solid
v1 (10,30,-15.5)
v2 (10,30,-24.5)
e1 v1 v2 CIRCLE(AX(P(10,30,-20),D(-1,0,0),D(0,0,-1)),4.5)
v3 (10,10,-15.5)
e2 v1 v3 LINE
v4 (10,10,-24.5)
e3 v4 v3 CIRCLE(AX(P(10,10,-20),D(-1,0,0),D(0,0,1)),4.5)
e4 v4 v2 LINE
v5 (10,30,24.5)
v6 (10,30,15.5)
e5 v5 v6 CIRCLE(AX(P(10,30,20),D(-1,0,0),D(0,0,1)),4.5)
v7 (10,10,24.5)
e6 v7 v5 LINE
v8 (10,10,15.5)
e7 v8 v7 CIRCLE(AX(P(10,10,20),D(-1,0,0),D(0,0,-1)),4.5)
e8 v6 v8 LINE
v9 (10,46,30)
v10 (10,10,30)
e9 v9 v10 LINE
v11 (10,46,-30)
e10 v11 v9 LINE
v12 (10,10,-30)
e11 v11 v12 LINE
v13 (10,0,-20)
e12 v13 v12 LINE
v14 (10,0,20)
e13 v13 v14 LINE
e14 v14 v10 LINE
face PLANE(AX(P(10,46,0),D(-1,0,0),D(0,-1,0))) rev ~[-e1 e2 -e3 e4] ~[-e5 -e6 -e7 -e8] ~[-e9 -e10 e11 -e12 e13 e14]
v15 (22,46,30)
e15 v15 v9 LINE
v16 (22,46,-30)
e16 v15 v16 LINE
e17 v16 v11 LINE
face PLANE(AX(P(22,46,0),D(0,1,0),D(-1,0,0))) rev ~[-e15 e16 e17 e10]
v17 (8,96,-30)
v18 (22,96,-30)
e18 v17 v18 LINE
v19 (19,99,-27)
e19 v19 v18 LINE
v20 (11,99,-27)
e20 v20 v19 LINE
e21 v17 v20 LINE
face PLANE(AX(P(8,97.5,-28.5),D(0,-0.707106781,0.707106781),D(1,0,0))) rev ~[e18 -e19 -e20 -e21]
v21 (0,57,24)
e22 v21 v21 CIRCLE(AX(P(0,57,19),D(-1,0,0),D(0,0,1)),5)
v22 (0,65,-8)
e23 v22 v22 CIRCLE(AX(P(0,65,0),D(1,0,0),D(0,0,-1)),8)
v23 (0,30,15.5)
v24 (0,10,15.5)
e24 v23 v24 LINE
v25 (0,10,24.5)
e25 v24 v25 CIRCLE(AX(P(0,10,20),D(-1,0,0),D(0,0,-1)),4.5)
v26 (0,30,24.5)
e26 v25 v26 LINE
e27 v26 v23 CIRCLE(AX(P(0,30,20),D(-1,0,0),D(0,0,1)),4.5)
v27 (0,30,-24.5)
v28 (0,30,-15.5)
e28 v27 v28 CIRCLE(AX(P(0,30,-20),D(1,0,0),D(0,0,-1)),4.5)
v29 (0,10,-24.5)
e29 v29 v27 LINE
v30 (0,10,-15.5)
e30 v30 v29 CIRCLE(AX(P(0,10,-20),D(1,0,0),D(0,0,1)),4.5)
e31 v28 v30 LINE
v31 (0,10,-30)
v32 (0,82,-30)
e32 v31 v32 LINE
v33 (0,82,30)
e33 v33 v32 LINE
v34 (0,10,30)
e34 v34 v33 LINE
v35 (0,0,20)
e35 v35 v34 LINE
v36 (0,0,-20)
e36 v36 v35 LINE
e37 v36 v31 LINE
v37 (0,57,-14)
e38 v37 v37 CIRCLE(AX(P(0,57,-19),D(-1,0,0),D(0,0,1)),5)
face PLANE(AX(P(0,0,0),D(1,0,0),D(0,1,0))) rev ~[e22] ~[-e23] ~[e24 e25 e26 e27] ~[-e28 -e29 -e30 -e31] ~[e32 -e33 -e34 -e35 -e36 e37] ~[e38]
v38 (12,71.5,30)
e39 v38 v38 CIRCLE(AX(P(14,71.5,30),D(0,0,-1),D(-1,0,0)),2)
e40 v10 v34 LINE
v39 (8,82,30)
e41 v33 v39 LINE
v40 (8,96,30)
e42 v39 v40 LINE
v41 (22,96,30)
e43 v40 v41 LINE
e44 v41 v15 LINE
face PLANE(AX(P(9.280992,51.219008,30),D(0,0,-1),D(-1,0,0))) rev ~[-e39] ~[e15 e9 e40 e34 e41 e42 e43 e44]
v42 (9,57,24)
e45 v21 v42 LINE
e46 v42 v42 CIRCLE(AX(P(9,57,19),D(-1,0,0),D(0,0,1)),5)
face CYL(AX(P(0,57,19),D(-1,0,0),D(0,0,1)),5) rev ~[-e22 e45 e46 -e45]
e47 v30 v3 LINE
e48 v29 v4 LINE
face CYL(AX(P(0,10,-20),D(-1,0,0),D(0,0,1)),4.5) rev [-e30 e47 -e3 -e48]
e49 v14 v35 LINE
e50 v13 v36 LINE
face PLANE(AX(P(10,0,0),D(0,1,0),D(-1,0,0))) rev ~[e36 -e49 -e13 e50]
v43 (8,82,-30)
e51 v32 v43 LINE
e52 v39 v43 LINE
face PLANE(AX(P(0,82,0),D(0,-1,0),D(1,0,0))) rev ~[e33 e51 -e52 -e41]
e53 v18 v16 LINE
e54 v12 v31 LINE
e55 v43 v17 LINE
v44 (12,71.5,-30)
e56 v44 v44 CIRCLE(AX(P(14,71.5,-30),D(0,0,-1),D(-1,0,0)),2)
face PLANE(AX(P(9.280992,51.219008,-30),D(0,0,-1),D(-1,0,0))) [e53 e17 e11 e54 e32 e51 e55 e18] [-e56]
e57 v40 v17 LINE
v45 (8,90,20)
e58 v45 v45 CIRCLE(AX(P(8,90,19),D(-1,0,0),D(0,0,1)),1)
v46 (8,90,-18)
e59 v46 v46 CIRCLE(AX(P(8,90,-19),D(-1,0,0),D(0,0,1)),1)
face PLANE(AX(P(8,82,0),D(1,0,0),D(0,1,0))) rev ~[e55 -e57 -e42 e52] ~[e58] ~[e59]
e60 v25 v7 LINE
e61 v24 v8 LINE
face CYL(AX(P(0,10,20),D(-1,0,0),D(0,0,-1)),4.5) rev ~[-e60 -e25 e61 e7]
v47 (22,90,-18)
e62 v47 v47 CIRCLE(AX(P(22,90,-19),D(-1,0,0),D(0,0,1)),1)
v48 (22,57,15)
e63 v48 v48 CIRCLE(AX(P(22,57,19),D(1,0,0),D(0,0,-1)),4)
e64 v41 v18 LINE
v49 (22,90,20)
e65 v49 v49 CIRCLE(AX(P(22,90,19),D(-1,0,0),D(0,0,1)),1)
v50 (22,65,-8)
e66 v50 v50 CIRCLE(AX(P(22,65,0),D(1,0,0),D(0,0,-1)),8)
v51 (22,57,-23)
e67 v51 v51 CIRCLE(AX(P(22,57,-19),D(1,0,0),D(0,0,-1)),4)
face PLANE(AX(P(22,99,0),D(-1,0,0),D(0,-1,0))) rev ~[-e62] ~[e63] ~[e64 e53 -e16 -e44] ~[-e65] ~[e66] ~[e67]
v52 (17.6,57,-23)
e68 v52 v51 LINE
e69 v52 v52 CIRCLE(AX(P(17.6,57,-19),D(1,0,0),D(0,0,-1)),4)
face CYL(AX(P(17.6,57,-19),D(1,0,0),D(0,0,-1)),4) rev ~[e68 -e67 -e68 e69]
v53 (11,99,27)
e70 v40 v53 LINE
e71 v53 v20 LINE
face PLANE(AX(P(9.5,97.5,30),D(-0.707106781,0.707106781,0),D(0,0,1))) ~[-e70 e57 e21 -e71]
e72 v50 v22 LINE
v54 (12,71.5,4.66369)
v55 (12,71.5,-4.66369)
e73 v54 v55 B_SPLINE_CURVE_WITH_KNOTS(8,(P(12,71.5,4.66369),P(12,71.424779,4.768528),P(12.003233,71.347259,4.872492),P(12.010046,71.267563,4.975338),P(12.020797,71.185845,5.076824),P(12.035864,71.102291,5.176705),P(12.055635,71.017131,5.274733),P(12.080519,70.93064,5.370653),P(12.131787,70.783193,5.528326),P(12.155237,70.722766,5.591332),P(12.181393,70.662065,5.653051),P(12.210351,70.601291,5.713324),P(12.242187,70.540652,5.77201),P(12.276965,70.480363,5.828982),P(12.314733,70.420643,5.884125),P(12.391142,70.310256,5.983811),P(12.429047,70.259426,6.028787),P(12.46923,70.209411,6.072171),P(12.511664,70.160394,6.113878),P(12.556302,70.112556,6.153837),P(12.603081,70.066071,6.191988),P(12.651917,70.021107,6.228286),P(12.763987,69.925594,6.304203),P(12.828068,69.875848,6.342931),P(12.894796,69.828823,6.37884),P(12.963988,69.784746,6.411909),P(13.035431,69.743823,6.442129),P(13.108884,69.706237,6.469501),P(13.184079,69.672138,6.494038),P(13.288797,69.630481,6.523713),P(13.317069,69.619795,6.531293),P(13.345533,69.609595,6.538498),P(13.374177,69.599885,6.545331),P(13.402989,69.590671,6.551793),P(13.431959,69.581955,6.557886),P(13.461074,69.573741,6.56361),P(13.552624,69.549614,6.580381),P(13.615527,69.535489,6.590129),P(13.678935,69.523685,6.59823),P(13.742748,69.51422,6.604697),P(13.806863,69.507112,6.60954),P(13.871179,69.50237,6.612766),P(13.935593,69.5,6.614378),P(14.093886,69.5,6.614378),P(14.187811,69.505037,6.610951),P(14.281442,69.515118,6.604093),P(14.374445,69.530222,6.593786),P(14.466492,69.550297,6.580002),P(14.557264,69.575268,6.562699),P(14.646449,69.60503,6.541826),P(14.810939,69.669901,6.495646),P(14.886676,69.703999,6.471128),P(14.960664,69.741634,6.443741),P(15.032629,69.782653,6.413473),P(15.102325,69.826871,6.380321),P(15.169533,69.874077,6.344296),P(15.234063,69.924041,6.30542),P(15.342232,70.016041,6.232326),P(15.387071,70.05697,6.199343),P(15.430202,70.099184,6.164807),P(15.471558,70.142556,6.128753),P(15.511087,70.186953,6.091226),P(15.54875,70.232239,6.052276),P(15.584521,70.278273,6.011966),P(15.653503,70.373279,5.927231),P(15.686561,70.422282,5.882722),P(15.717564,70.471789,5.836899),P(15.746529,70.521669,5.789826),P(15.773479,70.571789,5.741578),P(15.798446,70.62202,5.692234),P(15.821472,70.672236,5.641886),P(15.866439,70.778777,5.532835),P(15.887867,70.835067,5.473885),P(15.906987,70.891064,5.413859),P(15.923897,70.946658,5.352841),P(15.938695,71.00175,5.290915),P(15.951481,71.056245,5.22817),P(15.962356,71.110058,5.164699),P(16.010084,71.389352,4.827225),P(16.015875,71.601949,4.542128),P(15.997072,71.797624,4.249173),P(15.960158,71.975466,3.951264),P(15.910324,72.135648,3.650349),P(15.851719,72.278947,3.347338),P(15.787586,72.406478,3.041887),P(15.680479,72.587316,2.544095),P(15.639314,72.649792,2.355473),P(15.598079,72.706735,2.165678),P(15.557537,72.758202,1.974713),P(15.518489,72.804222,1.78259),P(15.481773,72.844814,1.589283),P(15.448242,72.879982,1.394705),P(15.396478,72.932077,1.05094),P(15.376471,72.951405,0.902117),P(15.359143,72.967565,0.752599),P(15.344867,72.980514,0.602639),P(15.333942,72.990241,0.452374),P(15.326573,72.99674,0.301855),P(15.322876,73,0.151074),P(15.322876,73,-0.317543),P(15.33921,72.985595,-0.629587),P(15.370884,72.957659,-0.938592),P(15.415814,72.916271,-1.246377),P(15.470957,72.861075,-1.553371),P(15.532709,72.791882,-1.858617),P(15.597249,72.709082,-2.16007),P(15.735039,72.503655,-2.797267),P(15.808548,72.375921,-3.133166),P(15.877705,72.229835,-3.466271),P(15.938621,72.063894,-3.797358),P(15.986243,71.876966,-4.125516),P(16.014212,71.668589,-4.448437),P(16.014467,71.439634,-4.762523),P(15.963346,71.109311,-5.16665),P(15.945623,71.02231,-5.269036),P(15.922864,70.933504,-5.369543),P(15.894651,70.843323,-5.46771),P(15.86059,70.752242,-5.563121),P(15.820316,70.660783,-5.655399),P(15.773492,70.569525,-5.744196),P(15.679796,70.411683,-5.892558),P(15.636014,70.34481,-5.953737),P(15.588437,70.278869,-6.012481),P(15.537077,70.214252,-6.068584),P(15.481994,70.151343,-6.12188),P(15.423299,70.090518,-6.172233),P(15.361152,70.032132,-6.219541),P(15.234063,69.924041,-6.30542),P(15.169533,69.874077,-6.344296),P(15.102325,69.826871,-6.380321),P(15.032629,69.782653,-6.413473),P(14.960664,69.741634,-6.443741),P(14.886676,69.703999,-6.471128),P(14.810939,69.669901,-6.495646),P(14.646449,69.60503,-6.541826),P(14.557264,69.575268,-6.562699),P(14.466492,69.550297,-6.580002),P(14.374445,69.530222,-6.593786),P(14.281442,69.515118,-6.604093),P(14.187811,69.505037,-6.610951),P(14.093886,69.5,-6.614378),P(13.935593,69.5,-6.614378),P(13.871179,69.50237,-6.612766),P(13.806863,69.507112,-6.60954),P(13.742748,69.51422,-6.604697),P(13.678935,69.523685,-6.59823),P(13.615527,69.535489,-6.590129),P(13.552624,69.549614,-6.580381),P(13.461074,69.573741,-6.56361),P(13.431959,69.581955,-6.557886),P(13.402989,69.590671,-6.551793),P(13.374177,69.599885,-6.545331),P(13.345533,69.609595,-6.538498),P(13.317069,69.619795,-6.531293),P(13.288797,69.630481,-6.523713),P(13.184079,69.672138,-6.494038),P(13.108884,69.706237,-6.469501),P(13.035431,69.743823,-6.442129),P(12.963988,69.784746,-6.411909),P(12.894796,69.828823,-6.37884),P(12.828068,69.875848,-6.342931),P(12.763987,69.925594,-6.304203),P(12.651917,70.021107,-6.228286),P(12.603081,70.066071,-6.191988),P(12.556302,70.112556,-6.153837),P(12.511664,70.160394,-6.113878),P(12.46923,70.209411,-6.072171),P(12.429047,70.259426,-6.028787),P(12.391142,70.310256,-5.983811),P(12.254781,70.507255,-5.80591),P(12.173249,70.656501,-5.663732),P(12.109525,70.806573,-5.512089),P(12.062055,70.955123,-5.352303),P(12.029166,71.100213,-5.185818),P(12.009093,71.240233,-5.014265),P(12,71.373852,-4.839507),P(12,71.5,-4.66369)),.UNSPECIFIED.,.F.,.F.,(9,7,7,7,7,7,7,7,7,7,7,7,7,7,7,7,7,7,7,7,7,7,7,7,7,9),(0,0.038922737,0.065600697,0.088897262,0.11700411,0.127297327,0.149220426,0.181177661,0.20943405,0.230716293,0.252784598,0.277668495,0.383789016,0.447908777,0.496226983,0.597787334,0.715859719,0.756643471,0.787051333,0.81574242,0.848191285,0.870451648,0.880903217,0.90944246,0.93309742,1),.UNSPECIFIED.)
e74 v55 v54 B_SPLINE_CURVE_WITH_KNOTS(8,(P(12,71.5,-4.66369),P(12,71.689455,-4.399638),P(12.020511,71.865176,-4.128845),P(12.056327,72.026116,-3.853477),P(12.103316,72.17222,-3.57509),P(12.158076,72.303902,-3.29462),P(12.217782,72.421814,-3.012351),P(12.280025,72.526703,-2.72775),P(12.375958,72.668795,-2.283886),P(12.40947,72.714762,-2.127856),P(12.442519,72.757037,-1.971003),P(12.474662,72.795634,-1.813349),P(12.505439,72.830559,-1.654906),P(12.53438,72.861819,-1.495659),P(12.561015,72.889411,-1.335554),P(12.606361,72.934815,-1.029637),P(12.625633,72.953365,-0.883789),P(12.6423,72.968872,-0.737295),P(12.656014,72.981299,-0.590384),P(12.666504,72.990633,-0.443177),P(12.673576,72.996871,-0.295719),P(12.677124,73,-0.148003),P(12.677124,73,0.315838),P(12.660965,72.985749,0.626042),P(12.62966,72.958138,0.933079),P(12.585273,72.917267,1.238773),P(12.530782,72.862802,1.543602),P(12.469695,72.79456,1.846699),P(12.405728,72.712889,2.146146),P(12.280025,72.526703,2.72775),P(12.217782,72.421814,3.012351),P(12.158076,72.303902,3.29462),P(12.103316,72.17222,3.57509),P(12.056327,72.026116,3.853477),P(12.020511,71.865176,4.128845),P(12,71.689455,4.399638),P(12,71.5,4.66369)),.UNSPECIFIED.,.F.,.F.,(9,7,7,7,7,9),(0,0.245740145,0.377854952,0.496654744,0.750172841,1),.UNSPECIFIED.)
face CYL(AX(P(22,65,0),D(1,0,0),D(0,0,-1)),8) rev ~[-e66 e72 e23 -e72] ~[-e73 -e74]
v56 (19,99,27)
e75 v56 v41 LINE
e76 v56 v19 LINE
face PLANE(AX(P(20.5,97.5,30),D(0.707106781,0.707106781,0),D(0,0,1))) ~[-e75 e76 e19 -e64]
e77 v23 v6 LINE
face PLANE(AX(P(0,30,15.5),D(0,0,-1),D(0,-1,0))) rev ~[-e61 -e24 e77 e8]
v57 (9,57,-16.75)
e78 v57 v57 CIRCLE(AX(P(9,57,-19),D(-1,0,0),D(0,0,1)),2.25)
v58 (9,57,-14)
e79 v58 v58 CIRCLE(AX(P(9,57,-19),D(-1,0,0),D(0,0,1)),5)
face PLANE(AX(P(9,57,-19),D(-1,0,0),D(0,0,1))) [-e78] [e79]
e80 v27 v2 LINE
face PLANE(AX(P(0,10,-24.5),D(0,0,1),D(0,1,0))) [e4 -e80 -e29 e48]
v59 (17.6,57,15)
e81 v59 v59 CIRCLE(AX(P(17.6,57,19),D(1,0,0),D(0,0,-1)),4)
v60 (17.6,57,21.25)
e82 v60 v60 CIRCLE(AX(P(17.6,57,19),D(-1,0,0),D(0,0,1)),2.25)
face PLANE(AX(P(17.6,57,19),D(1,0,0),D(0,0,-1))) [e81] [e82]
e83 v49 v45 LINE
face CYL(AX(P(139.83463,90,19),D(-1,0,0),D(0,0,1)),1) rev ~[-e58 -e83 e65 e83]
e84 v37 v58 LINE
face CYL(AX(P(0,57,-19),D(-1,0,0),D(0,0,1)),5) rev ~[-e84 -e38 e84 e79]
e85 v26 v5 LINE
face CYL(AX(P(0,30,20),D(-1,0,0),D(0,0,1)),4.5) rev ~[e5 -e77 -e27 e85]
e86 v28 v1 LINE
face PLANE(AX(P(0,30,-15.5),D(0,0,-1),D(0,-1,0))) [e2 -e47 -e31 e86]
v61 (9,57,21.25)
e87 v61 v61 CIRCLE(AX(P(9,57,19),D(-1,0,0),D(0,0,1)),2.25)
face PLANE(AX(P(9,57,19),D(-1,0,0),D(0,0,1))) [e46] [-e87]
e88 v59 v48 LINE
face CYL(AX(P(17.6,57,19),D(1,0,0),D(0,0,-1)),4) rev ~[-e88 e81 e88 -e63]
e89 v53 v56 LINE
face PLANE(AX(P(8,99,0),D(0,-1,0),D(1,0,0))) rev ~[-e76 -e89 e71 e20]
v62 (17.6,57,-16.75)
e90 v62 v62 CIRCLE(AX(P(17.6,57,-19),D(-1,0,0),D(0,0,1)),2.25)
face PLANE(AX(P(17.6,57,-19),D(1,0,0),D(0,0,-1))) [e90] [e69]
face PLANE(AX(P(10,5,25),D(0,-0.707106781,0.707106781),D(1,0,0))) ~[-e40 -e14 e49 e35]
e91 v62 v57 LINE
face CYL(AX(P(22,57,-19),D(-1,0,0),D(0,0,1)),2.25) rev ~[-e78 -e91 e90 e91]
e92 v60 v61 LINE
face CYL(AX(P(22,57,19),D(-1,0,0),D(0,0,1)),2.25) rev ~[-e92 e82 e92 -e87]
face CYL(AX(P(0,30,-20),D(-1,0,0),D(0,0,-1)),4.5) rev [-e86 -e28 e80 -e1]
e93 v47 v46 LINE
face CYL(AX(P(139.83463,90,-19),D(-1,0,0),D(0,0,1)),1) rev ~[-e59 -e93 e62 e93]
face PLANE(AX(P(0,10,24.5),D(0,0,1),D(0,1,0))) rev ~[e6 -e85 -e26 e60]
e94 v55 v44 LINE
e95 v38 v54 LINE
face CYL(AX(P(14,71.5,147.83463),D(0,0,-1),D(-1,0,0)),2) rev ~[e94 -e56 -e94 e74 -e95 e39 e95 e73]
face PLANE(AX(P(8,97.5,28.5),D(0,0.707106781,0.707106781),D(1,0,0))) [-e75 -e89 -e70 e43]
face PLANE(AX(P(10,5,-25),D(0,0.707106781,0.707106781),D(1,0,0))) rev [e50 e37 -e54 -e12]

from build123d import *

# Parameters (mm, degrees)
EXTRUDE_1_DEPTH              = 30
CUT_EXTRUDE_1_DEPTH          = 23
HOLE_WIZARD_M4_1_D           = 4.5
HOLE_WIZARD_M4_1_CBORE_D     = 8
HOLE_WIZARD_M4_1_CBORE_DEPTH = 4.4
SKETCH_6_R                   = 5
CUT_EXTRUDE_2_DEPTH          = 9
SKETCH_7_R                   = 8
CUT_EXTRUDE_3_DEPTH          = 23
HOLE_WIZARD_M4_1_2_D         = 2
HOLE_WIZARD_M4_2_D           = 4
CHAMFER_1_SIZE               = 10
CHAMFER_2_SIZE               = 3


with BuildPart() as part:
    # 스케치1 → 보스-돌출1 (new body, symmetric)
    with BuildSketch(Plane.XY):
        Polygon((0, 0), (0, 82), (8, 82), (8, 99), (22, 99), (22, 46), (10, 46), (10, 0), align=None)
    extrude(amount=EXTRUDE_1_DEPTH, both=True)

    # 스케치2 → 컷-돌출1 (cut, through all)
    with BuildSketch(Plane.ZY):
        with BuildLine():
            Line((-15.5, 30), (-15.5, 10))
            ThreePointArc((-15.5, 10), (-20, 5.5), (-24.5, 10))
            Line((-24.5, 10), (-24.5, 30))
            ThreePointArc((-24.5, 30), (-20, 34.5), (-15.5, 30))
        make_face()
        with BuildLine():
            Line((15.5, 30), (15.5, 10))
            ThreePointArc((15.5, 10), (20, 5.5), (24.5, 10))
            Line((24.5, 10), (24.5, 30))
            ThreePointArc((24.5, 30), (20, 34.5), (15.5, 30))
        make_face()
    extrude(amount=-CUT_EXTRUDE_1_DEPTH, mode=Mode.SUBTRACT)

    # Hole Wizard M4 _ _ _ _ _1 (through all)
    with Locations(Plane(origin=(22, 0, 0), x_dir=(0, 0, -1), z_dir=(1, 0, 0))):
        with Locations((-19, 57), (19, 57)):
            CounterBoreHole(HOLE_WIZARD_M4_1_D / 2, HOLE_WIZARD_M4_1_CBORE_D / 2, HOLE_WIZARD_M4_1_CBORE_DEPTH)

    # 스케치6 → 컷-돌출2 (cut)
    with BuildSketch(Plane.ZY):
        with Locations((-19, 57)):
            Circle(SKETCH_6_R)
        with Locations((19, 57)):
            Circle(SKETCH_6_R)
    extrude(amount=-CUT_EXTRUDE_2_DEPTH, mode=Mode.SUBTRACT)

    # 스케치7 → 컷-돌출3 (cut, through all)
    with BuildSketch(Plane(origin=(22, 0, 0), x_dir=(0, 0, -1), z_dir=(1, 0, 0))):
        with Locations((0, 65)):
            Circle(SKETCH_7_R)
    extrude(amount=-CUT_EXTRUDE_3_DEPTH, mode=Mode.SUBTRACT)

    # Hole Wizard M4 _ _1 2 (through all)
    with Locations(Plane(origin=(22, 0, 0), x_dir=(0, 0, -1), z_dir=(1, 0, 0))):
        with Locations((-19, 90), (19, 90)):
            Hole(HOLE_WIZARD_M4_1_2_D / 2)

    # M4 여유 구멍2 (through all)
    with Locations(Plane.XY.offset(30)):
        with Locations((14, 71.5)):
            Hole(HOLE_WIZARD_M4_2_D / 2)

    # 모따기1
    chamfer_1_edges = [part.edges().sort_by_distance(p)[0] for p in [
        (5, 0, -30),
        (5, 0, 30),
    ]]
    chamfer(chamfer_1_edges, length=CHAMFER_1_SIZE)

    # 모따기2
    chamfer_2_edges = [part.edges().sort_by_distance(p)[0] for p in [
        (8, 99, 0),
        (22, 99, 0),
        (15, 99, 30),
        (15, 99, -30),
    ]]
    chamfer(chamfer_2_edges, length=CHAMFER_2_SIZE)


solid = part.part
